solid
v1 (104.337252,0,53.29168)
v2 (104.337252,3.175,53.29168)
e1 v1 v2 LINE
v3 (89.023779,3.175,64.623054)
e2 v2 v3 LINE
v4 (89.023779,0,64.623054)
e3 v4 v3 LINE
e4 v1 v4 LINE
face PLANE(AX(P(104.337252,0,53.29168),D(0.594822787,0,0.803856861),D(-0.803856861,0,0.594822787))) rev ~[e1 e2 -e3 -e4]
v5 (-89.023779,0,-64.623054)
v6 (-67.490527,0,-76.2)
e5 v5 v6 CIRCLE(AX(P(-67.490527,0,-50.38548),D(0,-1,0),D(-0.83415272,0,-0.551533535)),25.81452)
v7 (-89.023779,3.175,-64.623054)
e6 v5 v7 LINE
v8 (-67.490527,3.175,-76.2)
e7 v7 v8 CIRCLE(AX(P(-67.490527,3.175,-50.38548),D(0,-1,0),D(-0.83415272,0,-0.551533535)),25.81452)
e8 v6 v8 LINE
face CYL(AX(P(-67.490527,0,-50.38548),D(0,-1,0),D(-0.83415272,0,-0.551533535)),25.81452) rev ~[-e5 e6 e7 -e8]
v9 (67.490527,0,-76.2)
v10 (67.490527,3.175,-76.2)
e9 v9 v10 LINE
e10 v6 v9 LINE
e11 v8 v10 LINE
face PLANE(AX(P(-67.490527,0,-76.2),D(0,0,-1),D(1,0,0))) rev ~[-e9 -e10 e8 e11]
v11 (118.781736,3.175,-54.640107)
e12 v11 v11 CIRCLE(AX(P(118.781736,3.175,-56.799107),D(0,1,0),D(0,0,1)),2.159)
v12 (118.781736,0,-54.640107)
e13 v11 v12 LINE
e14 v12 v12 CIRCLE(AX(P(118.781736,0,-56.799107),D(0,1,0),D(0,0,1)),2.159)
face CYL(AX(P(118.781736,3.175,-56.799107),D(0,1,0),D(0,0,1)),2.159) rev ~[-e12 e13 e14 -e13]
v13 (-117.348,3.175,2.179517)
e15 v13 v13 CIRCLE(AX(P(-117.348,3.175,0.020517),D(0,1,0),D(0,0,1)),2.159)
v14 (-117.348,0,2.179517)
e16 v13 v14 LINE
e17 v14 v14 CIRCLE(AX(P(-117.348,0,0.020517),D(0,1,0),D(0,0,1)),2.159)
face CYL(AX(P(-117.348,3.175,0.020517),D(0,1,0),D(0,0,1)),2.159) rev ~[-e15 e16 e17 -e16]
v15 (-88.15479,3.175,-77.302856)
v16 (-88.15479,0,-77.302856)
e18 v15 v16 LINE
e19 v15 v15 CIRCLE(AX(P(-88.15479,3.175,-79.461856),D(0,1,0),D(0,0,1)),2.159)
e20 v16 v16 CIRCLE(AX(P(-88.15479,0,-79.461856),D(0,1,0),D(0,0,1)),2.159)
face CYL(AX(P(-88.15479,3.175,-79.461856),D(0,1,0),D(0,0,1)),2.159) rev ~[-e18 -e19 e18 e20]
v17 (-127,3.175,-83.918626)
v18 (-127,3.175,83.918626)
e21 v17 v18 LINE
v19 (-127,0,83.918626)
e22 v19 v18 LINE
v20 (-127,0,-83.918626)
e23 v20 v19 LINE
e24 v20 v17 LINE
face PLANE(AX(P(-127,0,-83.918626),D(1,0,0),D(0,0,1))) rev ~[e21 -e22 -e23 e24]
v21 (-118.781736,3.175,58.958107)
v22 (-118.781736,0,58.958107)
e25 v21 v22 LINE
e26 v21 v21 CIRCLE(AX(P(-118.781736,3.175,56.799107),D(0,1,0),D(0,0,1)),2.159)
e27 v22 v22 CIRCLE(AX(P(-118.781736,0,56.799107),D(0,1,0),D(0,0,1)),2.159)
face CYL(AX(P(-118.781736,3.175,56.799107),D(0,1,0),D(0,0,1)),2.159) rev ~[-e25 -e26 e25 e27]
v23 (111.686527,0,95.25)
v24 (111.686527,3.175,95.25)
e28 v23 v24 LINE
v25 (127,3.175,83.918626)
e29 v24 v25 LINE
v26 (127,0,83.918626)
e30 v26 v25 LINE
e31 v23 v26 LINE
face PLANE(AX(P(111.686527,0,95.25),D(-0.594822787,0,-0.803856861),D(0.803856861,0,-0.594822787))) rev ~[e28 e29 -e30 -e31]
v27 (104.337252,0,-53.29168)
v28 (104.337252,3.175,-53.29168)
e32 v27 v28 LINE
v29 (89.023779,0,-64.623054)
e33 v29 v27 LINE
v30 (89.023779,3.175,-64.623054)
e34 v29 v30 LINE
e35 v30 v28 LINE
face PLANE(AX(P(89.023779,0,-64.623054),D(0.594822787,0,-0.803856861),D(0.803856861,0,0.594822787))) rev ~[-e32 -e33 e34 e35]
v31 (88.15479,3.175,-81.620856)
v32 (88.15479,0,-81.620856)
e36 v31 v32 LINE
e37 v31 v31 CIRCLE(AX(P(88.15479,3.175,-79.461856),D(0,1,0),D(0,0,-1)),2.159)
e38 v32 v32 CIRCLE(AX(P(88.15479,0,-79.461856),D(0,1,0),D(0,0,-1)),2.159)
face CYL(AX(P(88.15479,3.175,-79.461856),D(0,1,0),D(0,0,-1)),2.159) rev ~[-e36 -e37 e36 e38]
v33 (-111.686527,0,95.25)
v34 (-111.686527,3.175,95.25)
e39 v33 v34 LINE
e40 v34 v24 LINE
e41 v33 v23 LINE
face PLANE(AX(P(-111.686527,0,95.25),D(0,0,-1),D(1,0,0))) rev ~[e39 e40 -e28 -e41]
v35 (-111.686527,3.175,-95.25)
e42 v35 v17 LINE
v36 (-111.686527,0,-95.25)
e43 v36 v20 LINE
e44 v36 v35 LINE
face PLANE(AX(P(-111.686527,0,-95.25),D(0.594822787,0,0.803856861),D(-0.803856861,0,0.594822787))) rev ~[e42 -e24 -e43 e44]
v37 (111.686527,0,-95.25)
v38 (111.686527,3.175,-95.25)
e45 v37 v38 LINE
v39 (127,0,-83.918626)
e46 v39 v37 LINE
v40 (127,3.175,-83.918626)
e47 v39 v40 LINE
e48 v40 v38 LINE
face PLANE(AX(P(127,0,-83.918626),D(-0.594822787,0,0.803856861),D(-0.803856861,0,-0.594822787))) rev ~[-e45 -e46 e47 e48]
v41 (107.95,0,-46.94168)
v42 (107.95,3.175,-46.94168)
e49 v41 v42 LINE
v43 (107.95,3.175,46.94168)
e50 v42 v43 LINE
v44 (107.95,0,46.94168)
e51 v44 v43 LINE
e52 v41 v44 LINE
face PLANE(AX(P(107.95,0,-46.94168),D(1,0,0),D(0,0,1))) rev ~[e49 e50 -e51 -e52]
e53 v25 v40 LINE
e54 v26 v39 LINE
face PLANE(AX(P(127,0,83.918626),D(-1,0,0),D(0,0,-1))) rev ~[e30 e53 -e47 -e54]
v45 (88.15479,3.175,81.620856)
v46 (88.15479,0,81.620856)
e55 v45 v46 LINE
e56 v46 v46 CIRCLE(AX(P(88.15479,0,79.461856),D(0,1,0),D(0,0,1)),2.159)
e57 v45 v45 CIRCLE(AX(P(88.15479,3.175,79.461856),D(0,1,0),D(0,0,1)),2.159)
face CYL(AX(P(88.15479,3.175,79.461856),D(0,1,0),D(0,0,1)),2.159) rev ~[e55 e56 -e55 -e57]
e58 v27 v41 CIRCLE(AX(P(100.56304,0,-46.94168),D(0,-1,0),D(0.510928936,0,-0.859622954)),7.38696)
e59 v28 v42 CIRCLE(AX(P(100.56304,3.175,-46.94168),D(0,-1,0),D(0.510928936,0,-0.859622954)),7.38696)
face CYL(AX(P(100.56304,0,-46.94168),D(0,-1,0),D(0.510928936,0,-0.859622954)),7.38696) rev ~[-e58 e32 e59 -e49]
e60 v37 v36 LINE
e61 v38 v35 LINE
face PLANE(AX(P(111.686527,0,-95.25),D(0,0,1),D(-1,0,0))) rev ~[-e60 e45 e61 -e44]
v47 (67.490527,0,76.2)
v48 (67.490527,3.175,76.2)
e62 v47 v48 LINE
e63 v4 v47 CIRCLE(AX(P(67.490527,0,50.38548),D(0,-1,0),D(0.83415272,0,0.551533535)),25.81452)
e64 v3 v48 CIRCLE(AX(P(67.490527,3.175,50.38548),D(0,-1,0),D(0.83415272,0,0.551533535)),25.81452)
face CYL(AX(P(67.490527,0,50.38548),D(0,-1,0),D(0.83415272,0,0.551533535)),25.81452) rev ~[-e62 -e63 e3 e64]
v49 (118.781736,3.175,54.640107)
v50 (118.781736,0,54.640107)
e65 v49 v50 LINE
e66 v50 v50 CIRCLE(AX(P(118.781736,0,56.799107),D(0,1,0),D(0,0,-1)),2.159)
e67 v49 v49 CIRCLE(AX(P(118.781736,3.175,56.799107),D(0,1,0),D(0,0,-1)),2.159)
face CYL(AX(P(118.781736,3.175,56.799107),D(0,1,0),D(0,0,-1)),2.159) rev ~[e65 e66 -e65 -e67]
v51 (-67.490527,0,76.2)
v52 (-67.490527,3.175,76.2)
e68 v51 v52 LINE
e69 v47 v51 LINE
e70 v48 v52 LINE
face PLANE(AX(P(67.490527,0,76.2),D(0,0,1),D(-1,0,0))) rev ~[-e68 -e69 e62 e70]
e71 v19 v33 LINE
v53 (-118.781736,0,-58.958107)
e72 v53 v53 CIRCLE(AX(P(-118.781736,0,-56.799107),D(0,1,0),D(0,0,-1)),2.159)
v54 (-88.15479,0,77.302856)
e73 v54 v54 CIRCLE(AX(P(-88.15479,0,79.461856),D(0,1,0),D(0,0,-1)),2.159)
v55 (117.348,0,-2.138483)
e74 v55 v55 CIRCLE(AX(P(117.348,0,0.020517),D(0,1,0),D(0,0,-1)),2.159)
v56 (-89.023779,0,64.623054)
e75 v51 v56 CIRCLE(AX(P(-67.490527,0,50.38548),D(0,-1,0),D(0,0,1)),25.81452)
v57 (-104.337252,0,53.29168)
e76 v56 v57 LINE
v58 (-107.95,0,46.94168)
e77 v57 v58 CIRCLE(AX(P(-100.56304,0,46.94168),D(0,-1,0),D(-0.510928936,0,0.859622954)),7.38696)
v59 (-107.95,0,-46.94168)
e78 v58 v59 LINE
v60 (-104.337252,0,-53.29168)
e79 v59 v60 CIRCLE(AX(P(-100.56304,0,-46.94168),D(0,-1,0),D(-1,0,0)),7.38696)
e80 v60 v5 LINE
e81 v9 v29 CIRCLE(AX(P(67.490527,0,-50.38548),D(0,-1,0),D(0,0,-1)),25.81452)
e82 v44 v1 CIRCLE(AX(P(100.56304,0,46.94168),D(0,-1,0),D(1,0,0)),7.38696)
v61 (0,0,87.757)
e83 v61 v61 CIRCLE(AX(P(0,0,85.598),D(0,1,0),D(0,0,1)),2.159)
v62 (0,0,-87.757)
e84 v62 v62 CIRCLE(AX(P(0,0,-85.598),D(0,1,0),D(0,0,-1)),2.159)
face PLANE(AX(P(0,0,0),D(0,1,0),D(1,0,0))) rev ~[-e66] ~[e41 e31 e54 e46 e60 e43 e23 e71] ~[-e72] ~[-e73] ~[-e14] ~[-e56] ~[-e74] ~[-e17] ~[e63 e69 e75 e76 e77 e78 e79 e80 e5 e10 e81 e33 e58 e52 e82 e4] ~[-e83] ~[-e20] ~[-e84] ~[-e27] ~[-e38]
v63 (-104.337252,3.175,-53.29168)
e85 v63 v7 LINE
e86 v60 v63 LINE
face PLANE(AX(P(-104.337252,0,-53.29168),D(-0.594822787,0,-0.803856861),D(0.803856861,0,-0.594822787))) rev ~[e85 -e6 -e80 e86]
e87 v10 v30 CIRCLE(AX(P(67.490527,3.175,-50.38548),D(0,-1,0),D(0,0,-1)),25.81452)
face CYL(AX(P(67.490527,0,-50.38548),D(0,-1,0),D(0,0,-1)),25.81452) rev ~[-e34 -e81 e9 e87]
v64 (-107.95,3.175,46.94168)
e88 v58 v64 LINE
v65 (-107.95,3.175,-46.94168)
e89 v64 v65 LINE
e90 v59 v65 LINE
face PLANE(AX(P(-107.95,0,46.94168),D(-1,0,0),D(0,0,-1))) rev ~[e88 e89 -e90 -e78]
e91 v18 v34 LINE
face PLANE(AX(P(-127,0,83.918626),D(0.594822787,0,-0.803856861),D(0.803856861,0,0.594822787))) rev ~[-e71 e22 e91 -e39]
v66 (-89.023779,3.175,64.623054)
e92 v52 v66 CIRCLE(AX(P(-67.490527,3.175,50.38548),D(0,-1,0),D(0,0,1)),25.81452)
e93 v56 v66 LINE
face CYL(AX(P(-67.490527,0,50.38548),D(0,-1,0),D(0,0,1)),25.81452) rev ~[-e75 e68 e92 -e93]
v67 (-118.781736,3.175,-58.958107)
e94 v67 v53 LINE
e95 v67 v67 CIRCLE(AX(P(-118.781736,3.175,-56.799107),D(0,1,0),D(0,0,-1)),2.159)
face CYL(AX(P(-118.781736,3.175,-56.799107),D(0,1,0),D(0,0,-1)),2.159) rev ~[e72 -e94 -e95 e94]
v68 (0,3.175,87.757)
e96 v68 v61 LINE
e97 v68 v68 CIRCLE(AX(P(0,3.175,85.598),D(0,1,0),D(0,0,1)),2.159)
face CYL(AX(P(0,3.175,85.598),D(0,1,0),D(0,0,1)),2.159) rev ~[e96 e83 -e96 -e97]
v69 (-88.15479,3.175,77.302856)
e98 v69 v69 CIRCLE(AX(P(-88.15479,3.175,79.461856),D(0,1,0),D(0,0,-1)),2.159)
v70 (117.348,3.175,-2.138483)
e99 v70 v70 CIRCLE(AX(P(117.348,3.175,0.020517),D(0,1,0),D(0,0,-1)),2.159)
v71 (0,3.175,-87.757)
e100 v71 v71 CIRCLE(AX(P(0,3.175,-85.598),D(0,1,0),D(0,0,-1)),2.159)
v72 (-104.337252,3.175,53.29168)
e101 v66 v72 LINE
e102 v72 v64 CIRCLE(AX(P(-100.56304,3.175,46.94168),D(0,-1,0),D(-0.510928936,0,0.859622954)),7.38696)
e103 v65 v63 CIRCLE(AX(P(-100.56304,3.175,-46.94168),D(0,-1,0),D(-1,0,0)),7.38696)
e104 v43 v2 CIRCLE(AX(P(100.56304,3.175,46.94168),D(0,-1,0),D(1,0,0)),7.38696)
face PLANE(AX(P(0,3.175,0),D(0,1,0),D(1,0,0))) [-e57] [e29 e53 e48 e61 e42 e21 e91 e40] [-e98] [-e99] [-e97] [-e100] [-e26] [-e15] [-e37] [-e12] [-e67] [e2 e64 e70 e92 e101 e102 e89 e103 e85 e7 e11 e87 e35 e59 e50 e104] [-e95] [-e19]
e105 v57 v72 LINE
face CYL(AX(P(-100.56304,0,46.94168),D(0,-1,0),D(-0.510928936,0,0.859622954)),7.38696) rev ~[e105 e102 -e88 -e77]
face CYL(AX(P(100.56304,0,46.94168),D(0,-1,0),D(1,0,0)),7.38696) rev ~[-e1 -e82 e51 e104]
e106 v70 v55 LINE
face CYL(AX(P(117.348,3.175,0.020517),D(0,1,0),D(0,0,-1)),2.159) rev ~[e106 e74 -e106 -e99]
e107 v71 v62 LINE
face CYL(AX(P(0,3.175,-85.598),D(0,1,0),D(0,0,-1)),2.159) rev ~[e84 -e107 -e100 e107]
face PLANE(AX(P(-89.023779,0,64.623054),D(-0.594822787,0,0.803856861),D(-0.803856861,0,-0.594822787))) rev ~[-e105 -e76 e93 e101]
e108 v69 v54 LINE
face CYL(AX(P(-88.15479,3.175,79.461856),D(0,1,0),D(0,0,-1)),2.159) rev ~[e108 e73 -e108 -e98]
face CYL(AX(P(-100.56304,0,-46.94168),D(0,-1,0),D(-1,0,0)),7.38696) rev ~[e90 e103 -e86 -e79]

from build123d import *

# Parameters (mm, degrees)
BOSS_EXTRUDE1_DEPTH = 3.175
SKETCH2_R           = 2.159
CUT_EXTRUDE1_DEPTH  = 159.781746826


with BuildPart() as part:
    # Sketch1 → Boss-Extrude1 (new body)
    with BuildSketch(Plane(origin=(0, 0, 0), x_dir=(1, 0, 0), z_dir=(0, 1, 0))):
        Polygon((-111.686526805, 95.25), (-127, 83.918625912), (-127, -83.918625912), (-111.686526805, -95.25), (111.686526805, -95.25), (127, -83.918625912), (127, 83.918625912), (111.686526805, 95.25), align=None)
        with BuildLine():
            Line((-107.95, -46.941679523), (-107.95, 46.941679523))
            ThreePointArc((-107.95, 46.941679523), (-106.983597986, 50.59457048), (-104.337251825, 53.291679523))
            Line((-104.337251825, 53.291679523), (-89.02377863, 64.62305361))
            ThreePointArc((-89.02377863, 64.62305361), (-79.714546423, 73.122295645), (-67.490526817, 76.2))
            Line((-67.490526817, 76.2), (67.490526817, 76.2))
            ThreePointArc((67.490526817, 76.2), (79.714546423, 73.122295645), (89.02377863, 64.62305361))
            Line((89.02377863, 64.62305361), (104.337251825, 53.291679523))
            ThreePointArc((104.337251825, 53.291679523), (106.983597986, 50.59457048), (107.95, 46.941679523))
            Line((107.95, 46.941679523), (107.95, -46.941679523))
            ThreePointArc((107.95, -46.941679523), (106.983597986, -50.59457048), (104.337251825, -53.291679523))
            Line((104.337251825, -53.291679523), (89.02377863, -64.62305361))
            ThreePointArc((89.02377863, -64.62305361), (79.714546423, -73.122295645), (67.490526817, -76.2))
            Line((67.490526817, -76.2), (-67.490526817, -76.2))
            ThreePointArc((-67.490526817, -76.2), (-79.714546423, -73.122295645), (-89.02377863, -64.62305361))
            Line((-89.02377863, -64.62305361), (-104.337251825, -53.291679523))
            ThreePointArc((-104.337251825, -53.291679523), (-106.983597986, -50.59457048), (-107.95, -46.941679523))
        make_face(mode=Mode.SUBTRACT)
    extrude(amount=BOSS_EXTRUDE1_DEPTH)

    # Sketch2 → Cut-Extrude1 (cut, through all)
    with BuildSketch(Plane(origin=(0, 3.175, 0), x_dir=(1, 0, 0), z_dir=(0, 1, 0))):
        with Locations(Location((-88.154790052, 79.46185563, 0), (0, 0, 270))):
            Circle(SKETCH2_R)
        with Locations(Location((88.154790052, 79.46185563, 0), (0, 0, 90))):
            Circle(SKETCH2_R)
        with Locations(Location((88.154790052, -79.46185563, 0), (0, 0, 270))):
            Circle(SKETCH2_R)
        with Locations(Location((-88.154790052, -79.46185563, 0), (0, 0, 90))):
            Circle(SKETCH2_R)
        with Locations(Location((-118.781736441, 56.799107455, 0), (0, 0, 90))):
            Circle(SKETCH2_R)
        with Locations(Location((118.781736441, 56.799107455, 0), (0, 0, 270))):
            Circle(SKETCH2_R)
        with Locations(Location((-118.781736441, -56.799107455, 0), (0, 0, 270))):
            Circle(SKETCH2_R)
        with Locations(Location((118.781736441, -56.799107455, 0), (0, 0, 90))):
            Circle(SKETCH2_R)
        with Locations(Location((0, -85.598, 0), (0, 0, 270))):
            Circle(SKETCH2_R)
        with Locations(Location((0, 85.598, 0), (0, 0, 90))):
            Circle(SKETCH2_R)
        with Locations(Location((-117.348, -0.020516524, 0), (0, 0, 270))):
            Circle(SKETCH2_R)
        with Locations(Location((117.348, -0.020516524, 0), (0, 0, 90))):
            Circle(SKETCH2_R)
    extrude(amount=-CUT_EXTRUDE1_DEPTH, mode=Mode.SUBTRACT)


solid = part.part
